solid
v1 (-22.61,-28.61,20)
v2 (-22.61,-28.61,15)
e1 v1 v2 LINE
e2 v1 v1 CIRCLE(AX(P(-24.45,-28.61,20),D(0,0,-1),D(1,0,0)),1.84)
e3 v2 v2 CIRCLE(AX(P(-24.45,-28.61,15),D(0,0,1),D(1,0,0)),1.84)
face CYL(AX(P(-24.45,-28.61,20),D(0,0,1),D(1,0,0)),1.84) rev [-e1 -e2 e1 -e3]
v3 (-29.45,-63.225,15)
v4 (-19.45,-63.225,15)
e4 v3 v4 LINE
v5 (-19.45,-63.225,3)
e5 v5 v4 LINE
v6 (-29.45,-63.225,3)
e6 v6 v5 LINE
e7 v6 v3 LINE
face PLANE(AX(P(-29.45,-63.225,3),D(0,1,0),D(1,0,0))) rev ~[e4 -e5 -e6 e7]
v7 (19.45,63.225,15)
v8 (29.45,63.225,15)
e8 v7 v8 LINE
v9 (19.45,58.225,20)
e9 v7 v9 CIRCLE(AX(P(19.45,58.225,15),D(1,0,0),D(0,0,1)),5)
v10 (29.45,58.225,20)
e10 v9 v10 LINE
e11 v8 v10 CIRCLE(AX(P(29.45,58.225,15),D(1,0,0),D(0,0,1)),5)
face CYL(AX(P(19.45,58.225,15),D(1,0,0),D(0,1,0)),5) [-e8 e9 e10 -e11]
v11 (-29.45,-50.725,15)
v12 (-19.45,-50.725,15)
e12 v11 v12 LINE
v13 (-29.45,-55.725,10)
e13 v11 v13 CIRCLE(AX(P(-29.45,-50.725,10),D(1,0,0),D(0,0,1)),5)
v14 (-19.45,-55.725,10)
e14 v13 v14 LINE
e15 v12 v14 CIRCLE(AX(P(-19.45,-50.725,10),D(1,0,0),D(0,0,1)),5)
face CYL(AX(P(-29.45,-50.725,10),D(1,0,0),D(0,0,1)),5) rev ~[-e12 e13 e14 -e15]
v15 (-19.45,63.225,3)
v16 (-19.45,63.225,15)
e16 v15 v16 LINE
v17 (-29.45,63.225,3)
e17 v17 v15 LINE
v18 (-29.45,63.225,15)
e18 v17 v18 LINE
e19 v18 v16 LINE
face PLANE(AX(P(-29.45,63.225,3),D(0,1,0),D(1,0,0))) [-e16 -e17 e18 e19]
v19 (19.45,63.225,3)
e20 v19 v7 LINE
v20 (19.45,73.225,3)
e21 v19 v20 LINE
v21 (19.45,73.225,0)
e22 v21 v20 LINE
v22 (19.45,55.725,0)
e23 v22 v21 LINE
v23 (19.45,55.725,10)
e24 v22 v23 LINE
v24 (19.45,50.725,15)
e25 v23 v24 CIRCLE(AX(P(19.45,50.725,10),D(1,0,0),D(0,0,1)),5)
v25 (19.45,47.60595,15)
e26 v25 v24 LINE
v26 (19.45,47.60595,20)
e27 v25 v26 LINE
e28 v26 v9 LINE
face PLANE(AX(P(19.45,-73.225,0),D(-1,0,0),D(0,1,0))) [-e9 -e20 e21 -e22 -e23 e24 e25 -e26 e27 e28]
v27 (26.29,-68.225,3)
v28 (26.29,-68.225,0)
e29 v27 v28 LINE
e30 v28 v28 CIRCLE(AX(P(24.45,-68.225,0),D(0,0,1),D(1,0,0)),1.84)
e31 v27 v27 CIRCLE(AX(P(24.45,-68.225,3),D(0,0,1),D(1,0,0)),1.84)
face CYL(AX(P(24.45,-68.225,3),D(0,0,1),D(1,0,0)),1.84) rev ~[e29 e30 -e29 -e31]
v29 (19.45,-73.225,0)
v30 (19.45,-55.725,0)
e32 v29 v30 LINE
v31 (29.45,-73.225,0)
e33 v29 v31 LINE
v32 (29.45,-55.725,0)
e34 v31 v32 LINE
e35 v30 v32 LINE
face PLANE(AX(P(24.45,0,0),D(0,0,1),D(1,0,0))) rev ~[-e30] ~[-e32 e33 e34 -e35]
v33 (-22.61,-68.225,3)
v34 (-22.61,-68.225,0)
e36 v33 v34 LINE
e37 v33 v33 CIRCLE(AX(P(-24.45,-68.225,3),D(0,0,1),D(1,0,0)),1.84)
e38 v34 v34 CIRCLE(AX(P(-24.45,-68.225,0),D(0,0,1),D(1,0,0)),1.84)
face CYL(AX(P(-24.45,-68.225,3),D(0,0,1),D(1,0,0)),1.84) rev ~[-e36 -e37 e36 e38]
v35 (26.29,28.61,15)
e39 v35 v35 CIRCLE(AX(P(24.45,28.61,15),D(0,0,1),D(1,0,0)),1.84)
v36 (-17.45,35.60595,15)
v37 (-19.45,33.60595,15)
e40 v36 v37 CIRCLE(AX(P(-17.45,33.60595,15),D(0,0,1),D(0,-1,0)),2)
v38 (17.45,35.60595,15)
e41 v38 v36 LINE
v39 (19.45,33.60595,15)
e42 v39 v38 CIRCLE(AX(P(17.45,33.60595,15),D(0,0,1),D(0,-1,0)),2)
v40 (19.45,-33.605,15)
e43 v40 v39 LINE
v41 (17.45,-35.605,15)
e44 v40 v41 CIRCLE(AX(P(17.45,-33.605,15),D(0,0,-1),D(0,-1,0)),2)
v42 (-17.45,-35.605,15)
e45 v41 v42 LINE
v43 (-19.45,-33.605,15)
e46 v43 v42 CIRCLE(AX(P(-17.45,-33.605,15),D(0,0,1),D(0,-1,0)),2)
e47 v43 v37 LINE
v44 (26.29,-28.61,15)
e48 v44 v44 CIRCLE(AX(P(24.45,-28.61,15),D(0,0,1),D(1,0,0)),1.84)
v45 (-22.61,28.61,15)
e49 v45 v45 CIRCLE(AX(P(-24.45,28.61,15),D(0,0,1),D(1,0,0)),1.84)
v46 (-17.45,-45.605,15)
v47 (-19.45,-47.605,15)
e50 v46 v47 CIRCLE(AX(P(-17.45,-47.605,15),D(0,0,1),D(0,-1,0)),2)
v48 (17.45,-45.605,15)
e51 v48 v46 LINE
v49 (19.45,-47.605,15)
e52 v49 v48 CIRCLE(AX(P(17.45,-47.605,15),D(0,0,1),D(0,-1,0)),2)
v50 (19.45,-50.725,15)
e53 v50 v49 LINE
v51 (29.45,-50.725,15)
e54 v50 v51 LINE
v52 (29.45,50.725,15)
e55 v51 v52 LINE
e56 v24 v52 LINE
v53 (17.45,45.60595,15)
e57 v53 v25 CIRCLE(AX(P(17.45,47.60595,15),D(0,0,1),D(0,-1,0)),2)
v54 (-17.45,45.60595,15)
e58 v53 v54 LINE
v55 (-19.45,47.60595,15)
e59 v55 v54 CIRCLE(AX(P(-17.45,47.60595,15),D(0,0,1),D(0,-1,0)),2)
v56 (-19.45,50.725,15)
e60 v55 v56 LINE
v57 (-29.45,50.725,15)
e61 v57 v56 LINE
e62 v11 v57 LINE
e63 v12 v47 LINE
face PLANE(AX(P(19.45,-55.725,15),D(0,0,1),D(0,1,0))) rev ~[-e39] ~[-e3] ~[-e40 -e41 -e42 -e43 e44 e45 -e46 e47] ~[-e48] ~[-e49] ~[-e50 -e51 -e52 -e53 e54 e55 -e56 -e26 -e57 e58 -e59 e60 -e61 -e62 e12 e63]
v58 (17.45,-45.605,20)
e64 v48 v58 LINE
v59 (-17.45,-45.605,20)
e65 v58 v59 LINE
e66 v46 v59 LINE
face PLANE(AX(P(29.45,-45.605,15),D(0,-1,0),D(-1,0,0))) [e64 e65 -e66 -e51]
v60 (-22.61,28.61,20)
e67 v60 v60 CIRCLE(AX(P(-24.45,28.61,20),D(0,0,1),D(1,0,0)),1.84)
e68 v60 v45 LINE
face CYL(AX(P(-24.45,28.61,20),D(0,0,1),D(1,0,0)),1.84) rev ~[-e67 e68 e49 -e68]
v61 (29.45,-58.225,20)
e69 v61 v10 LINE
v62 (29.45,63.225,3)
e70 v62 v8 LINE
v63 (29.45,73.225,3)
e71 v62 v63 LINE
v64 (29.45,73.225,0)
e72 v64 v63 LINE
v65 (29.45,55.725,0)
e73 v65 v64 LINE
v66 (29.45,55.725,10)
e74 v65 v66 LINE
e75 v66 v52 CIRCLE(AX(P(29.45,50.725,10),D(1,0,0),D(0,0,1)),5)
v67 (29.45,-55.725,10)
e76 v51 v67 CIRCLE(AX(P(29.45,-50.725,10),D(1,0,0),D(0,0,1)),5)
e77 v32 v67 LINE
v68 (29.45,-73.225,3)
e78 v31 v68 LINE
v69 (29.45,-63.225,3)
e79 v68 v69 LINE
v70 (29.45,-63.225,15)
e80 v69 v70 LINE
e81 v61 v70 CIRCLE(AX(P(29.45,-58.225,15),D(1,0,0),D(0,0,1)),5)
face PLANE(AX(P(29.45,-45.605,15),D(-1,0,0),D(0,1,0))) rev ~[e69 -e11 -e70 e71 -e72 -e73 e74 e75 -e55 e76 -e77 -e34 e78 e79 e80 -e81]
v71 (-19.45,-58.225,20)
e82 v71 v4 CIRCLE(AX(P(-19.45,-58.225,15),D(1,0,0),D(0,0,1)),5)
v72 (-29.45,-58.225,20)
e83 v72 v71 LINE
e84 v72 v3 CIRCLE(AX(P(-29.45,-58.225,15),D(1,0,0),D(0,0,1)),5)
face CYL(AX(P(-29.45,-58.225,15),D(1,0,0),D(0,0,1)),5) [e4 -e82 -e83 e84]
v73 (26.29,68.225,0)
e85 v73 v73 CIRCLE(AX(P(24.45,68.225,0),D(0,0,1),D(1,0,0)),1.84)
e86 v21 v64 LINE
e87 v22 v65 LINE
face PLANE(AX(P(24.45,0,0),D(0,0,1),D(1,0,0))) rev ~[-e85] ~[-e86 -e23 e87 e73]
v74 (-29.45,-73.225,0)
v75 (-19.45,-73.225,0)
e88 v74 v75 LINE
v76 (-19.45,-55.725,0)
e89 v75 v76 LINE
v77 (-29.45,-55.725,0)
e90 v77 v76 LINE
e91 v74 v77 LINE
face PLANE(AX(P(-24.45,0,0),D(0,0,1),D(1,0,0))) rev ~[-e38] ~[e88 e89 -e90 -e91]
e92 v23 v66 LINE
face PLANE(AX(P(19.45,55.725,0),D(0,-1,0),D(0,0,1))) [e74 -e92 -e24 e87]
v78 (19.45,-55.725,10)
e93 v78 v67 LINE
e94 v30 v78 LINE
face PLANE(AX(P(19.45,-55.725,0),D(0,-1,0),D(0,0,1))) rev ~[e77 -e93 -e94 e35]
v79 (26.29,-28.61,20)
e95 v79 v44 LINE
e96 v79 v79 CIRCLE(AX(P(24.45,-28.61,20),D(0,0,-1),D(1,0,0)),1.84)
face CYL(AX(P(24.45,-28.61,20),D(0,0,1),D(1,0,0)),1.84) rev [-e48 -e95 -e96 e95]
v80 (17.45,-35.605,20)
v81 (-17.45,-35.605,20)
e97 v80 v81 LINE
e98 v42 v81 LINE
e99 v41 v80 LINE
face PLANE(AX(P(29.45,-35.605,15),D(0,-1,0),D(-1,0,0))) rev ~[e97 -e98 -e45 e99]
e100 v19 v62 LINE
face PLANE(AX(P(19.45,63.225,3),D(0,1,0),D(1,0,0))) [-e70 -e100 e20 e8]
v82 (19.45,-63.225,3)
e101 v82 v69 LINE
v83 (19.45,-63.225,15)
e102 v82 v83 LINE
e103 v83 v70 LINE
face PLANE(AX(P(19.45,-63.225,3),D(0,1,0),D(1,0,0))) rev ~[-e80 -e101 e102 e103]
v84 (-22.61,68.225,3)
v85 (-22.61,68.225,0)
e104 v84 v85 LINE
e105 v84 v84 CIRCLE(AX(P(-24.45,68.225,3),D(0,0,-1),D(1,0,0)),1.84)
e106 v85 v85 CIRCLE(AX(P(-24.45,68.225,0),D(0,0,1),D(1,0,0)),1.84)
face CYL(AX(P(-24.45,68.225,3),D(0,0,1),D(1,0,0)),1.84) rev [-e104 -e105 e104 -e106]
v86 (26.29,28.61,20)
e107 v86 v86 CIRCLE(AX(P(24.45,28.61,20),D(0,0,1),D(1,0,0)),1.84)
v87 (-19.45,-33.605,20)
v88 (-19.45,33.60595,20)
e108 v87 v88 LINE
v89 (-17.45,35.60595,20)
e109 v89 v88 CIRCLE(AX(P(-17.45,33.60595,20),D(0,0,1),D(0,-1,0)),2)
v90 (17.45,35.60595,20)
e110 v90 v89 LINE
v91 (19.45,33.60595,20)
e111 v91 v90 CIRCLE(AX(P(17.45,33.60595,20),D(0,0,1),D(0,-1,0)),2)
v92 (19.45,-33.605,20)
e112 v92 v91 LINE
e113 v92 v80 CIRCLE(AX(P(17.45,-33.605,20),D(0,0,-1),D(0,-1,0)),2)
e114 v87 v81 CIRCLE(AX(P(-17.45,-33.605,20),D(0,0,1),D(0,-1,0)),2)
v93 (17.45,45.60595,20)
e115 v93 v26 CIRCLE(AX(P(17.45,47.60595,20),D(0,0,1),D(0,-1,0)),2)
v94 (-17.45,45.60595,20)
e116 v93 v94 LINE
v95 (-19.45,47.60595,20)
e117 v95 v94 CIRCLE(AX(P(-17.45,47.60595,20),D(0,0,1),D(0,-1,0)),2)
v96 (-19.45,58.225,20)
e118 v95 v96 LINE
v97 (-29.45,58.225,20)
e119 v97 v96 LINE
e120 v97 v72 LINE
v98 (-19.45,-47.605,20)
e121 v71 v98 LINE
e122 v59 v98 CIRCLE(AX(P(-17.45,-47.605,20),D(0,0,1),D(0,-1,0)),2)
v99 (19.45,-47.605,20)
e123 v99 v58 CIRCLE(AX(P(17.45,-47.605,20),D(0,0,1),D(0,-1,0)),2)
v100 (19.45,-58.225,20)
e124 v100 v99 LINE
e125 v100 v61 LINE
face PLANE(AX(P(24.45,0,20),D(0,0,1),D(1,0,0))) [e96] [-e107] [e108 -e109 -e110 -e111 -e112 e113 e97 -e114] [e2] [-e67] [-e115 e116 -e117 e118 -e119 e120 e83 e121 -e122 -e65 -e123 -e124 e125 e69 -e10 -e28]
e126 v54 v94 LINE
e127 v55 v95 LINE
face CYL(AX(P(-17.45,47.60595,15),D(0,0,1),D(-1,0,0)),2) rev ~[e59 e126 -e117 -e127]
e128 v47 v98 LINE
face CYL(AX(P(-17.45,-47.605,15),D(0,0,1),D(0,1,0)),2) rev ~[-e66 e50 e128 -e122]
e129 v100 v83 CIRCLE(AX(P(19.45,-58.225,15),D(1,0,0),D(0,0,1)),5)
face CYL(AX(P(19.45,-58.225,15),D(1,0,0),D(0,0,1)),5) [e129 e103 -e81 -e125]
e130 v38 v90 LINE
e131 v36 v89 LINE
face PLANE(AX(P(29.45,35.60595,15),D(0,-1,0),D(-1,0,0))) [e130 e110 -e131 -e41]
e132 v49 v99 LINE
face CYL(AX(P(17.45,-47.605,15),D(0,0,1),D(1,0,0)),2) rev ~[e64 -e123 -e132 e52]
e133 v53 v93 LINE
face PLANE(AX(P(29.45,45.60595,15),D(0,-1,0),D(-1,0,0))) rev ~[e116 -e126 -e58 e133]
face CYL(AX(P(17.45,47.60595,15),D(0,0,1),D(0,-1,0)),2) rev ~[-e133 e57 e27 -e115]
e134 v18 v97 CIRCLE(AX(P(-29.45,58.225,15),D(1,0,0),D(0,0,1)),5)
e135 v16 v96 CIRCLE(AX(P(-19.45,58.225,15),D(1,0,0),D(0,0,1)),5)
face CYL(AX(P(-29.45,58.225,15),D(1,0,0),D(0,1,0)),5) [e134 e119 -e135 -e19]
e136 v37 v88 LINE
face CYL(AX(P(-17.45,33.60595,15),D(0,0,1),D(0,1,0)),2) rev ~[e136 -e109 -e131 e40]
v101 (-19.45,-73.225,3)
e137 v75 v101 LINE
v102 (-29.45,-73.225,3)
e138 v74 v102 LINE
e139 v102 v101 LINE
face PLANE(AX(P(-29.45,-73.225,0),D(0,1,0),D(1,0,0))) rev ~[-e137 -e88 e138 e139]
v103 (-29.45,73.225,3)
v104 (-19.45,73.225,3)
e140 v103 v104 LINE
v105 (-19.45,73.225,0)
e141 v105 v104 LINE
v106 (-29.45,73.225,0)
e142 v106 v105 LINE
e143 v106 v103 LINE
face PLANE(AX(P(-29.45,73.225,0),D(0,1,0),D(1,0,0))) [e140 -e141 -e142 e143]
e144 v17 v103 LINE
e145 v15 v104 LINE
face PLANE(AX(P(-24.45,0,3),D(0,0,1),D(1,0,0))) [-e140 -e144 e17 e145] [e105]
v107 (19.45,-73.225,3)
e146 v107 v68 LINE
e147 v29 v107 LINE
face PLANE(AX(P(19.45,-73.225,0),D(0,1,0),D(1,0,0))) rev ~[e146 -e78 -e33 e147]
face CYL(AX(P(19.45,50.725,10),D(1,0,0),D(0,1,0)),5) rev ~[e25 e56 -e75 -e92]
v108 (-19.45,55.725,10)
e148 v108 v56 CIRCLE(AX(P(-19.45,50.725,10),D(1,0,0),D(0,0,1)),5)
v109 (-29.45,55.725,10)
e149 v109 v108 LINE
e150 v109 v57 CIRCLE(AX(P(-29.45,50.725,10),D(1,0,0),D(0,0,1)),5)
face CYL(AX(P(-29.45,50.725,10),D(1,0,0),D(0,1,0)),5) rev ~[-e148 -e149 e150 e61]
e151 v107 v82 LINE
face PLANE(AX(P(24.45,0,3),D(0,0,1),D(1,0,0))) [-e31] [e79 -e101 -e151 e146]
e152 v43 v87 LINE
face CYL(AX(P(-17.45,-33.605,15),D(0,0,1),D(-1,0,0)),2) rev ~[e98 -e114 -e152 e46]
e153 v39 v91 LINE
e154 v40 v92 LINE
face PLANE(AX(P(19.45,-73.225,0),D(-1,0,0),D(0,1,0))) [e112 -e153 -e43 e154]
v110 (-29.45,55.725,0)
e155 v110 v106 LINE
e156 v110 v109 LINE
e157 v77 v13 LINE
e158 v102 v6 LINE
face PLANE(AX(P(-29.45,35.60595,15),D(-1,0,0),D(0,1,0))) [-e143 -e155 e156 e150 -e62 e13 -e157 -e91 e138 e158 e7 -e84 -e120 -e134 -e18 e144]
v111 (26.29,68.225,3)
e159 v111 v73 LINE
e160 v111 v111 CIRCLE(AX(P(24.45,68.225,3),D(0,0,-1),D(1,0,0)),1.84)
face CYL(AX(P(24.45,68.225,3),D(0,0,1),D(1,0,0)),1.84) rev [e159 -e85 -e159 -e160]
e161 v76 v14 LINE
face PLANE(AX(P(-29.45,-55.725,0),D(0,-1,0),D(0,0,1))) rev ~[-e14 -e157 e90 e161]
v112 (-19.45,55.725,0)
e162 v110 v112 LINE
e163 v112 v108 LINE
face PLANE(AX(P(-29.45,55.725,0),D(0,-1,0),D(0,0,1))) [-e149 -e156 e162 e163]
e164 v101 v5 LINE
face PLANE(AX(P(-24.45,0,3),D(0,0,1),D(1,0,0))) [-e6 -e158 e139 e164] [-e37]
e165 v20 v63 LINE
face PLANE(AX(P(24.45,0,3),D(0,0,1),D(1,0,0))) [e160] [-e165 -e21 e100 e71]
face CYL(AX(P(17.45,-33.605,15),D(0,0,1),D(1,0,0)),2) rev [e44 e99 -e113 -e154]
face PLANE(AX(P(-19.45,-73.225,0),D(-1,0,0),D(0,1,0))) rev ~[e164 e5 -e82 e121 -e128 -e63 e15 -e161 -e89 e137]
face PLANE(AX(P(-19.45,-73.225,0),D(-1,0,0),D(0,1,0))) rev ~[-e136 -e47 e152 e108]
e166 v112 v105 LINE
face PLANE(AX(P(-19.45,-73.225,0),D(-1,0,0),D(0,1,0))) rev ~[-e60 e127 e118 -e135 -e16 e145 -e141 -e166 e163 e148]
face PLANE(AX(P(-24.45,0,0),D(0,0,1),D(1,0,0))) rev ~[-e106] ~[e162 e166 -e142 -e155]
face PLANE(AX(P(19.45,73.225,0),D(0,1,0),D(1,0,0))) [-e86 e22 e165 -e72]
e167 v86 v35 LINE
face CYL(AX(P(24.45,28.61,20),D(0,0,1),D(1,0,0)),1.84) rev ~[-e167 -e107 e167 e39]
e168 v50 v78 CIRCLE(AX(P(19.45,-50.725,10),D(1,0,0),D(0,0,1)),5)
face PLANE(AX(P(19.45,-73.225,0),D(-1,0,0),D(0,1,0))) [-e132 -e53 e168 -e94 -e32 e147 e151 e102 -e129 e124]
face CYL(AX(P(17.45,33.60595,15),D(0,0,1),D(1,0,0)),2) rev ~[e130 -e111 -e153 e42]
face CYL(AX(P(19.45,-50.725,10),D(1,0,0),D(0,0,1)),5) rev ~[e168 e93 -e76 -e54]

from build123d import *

# Parameters (mm, degrees)
ESQUISSE1_W                = 10
ESQUISSE1_H                = 146.45
BOSS_EXTRU_3_DEPTH         = 3
ESQUISSE3_W                = 10
ESQUISSE3_H                = 126.45
BOSS_EXTRU_4_DEPTH         = 17
ESQUISSE4_R                = 1.84
ENL_V_MAT_EXTRU_1_DEPTH    = 17
ESQUISSE5_R                = 1.84
ENL_V_MAT_EXTRU_2_DEPTH    = 82.419918478
ESQUISSE6_W                = 15
ESQUISSE6_H                = 111.45
ENL_V_MAT_EXTRU_3_DEPTH    = 77.563049998
CONG_1_R                   = 5
CONG_2_R                   = 5
R_P_TITION_LIN_AIRE1_COUNT = 2
R_P_TITION_LIN_AIRE1_PITCH = 48.9
ESQUISSE7_W                = 58.9
ESQUISSE7_H                = 10
BOSS_EXTRU_5_DEPTH         = 5
CONG_4_R                   = 2
ESQUISSE8_W                = 58.9
ESQUISSE8_H                = 10
BOSS_EXTRU_6_DEPTH         = 5
CONG_5_R                   = 2


with BuildPart() as part:
    # Esquisse1 → Boss.-Extru.3 (new body)
    with BuildSketch(Plane.XY):
        with Locations((-24.45, 0)):
            Rectangle(ESQUISSE1_W, ESQUISSE1_H)
    extrude(amount=BOSS_EXTRU_3_DEPTH)

    # Esquisse3 → Boss.-Extru.4 (add)
    with BuildSketch(Plane.XY.offset(3)):
        with Locations((-24.45, 0)):
            Rectangle(ESQUISSE3_W, ESQUISSE3_H)
    extrude(amount=BOSS_EXTRU_4_DEPTH)

    # Esquisse4 → Enlèv. mat.-Extru.1 (cut)
    with BuildSketch(Plane.XY.offset(3)):
        with Locations((-24.45, -68.225)):
            Circle(ESQUISSE4_R)
    enl_v_mat_extru_1 = extrude(amount=-ENL_V_MAT_EXTRU_1_DEPTH, mode=Mode.SUBTRACT)

    # Symétrie1: Enlèv. mat.-Extru.1 across plane
    add(enl_v_mat_extru_1.mirror(Plane.ZX), mode=Mode.SUBTRACT)

    # Esquisse5 → Enlèv. mat.-Extru.2 (cut, through all)
    with BuildSketch(Plane.XY.offset(20)):
        with Locations((-24.45, 28.61)):
            Circle(ESQUISSE5_R)
    enl_v_mat_extru_2 = extrude(amount=-ENL_V_MAT_EXTRU_2_DEPTH, mode=Mode.SUBTRACT)

    # Symétrie2: Enlèv. mat.-Extru.2 across plane
    add(enl_v_mat_extru_2.mirror(Plane.ZX), mode=Mode.SUBTRACT)

    # Esquisse6 → Enlèv. mat.-Extru.3 (cut, through all)
    with BuildSketch(Plane.ZY.offset(29.45)):
        with Locations((7.5, 0)):
            Rectangle(ESQUISSE6_W, ESQUISSE6_H)
    extrude(amount=-ENL_V_MAT_EXTRU_3_DEPTH, mode=Mode.SUBTRACT)

    # Congé1
    cong_1_edges = [part.edges().sort_by_distance(p)[0] for p in [
        (-24.45, -63.225, 20),
        (-24.45, 63.225, 20),
    ]]
    fillet(cong_1_edges, radius=CONG_1_R)

    # Congé2
    cong_2_edges = [part.edges().sort_by_distance(p)[0] for p in [
        (-24.45, 55.725, 15),
        (-24.45, -55.725, 15),
    ]]
    fillet(cong_2_edges, radius=CONG_2_R)


with BuildPart() as r_p_tition_lin_aire1_1:
    # Répétition linéaire1: pattern copy
    add(part.part.moved(Location(Vector(1, 0, 0) * (1 * R_P_TITION_LIN_AIRE1_PITCH))))


with BuildPart() as part_1:
    add(part.part)

    add(r_p_tition_lin_aire1_1.part)  # Boss.-Extru.5 merges Répétition linéaire1_1
    # Esquisse7 → Boss.-Extru.5 (add)
    with BuildSketch(Plane(origin=(0, 0, 15), x_dir=(-1, 0, 0), z_dir=(0, 0, -1))):
        with Locations((0, 40.605950242)):
            Rectangle(ESQUISSE7_W, ESQUISSE7_H)
    extrude(amount=-BOSS_EXTRU_5_DEPTH)

    # Congé4
    cong_4_edges = [part_1.edges().sort_by_distance(p)[0] for p in [
        (-19.45, 45.605950242, 17.5),
        (-19.45, 35.605950242, 17.5),
        (19.45, 35.605950242, 17.5),
        (19.45, 45.605950242, 17.5),
    ]]
    fillet(cong_4_edges, radius=CONG_4_R)

    # Esquisse8 → Boss.-Extru.6 (add)
    with BuildSketch(Plane(origin=(0, 0, 15), x_dir=(-1, 0, 0), z_dir=(0, 0, -1))):
        with Locations((0, -40.605)):
            Rectangle(ESQUISSE8_W, ESQUISSE8_H)
    extrude(amount=-BOSS_EXTRU_6_DEPTH)

    # Congé5
    cong_5_edges = [part_1.edges().sort_by_distance(p)[0] for p in [
        (19.45, -45.605, 17.5),
        (19.45, -35.605, 17.5),
        (-19.45, -35.605, 17.5),
        (-19.45, -45.605, 17.5),
    ]]
    fillet(cong_5_edges, radius=CONG_5_R)


solid = part_1.part
